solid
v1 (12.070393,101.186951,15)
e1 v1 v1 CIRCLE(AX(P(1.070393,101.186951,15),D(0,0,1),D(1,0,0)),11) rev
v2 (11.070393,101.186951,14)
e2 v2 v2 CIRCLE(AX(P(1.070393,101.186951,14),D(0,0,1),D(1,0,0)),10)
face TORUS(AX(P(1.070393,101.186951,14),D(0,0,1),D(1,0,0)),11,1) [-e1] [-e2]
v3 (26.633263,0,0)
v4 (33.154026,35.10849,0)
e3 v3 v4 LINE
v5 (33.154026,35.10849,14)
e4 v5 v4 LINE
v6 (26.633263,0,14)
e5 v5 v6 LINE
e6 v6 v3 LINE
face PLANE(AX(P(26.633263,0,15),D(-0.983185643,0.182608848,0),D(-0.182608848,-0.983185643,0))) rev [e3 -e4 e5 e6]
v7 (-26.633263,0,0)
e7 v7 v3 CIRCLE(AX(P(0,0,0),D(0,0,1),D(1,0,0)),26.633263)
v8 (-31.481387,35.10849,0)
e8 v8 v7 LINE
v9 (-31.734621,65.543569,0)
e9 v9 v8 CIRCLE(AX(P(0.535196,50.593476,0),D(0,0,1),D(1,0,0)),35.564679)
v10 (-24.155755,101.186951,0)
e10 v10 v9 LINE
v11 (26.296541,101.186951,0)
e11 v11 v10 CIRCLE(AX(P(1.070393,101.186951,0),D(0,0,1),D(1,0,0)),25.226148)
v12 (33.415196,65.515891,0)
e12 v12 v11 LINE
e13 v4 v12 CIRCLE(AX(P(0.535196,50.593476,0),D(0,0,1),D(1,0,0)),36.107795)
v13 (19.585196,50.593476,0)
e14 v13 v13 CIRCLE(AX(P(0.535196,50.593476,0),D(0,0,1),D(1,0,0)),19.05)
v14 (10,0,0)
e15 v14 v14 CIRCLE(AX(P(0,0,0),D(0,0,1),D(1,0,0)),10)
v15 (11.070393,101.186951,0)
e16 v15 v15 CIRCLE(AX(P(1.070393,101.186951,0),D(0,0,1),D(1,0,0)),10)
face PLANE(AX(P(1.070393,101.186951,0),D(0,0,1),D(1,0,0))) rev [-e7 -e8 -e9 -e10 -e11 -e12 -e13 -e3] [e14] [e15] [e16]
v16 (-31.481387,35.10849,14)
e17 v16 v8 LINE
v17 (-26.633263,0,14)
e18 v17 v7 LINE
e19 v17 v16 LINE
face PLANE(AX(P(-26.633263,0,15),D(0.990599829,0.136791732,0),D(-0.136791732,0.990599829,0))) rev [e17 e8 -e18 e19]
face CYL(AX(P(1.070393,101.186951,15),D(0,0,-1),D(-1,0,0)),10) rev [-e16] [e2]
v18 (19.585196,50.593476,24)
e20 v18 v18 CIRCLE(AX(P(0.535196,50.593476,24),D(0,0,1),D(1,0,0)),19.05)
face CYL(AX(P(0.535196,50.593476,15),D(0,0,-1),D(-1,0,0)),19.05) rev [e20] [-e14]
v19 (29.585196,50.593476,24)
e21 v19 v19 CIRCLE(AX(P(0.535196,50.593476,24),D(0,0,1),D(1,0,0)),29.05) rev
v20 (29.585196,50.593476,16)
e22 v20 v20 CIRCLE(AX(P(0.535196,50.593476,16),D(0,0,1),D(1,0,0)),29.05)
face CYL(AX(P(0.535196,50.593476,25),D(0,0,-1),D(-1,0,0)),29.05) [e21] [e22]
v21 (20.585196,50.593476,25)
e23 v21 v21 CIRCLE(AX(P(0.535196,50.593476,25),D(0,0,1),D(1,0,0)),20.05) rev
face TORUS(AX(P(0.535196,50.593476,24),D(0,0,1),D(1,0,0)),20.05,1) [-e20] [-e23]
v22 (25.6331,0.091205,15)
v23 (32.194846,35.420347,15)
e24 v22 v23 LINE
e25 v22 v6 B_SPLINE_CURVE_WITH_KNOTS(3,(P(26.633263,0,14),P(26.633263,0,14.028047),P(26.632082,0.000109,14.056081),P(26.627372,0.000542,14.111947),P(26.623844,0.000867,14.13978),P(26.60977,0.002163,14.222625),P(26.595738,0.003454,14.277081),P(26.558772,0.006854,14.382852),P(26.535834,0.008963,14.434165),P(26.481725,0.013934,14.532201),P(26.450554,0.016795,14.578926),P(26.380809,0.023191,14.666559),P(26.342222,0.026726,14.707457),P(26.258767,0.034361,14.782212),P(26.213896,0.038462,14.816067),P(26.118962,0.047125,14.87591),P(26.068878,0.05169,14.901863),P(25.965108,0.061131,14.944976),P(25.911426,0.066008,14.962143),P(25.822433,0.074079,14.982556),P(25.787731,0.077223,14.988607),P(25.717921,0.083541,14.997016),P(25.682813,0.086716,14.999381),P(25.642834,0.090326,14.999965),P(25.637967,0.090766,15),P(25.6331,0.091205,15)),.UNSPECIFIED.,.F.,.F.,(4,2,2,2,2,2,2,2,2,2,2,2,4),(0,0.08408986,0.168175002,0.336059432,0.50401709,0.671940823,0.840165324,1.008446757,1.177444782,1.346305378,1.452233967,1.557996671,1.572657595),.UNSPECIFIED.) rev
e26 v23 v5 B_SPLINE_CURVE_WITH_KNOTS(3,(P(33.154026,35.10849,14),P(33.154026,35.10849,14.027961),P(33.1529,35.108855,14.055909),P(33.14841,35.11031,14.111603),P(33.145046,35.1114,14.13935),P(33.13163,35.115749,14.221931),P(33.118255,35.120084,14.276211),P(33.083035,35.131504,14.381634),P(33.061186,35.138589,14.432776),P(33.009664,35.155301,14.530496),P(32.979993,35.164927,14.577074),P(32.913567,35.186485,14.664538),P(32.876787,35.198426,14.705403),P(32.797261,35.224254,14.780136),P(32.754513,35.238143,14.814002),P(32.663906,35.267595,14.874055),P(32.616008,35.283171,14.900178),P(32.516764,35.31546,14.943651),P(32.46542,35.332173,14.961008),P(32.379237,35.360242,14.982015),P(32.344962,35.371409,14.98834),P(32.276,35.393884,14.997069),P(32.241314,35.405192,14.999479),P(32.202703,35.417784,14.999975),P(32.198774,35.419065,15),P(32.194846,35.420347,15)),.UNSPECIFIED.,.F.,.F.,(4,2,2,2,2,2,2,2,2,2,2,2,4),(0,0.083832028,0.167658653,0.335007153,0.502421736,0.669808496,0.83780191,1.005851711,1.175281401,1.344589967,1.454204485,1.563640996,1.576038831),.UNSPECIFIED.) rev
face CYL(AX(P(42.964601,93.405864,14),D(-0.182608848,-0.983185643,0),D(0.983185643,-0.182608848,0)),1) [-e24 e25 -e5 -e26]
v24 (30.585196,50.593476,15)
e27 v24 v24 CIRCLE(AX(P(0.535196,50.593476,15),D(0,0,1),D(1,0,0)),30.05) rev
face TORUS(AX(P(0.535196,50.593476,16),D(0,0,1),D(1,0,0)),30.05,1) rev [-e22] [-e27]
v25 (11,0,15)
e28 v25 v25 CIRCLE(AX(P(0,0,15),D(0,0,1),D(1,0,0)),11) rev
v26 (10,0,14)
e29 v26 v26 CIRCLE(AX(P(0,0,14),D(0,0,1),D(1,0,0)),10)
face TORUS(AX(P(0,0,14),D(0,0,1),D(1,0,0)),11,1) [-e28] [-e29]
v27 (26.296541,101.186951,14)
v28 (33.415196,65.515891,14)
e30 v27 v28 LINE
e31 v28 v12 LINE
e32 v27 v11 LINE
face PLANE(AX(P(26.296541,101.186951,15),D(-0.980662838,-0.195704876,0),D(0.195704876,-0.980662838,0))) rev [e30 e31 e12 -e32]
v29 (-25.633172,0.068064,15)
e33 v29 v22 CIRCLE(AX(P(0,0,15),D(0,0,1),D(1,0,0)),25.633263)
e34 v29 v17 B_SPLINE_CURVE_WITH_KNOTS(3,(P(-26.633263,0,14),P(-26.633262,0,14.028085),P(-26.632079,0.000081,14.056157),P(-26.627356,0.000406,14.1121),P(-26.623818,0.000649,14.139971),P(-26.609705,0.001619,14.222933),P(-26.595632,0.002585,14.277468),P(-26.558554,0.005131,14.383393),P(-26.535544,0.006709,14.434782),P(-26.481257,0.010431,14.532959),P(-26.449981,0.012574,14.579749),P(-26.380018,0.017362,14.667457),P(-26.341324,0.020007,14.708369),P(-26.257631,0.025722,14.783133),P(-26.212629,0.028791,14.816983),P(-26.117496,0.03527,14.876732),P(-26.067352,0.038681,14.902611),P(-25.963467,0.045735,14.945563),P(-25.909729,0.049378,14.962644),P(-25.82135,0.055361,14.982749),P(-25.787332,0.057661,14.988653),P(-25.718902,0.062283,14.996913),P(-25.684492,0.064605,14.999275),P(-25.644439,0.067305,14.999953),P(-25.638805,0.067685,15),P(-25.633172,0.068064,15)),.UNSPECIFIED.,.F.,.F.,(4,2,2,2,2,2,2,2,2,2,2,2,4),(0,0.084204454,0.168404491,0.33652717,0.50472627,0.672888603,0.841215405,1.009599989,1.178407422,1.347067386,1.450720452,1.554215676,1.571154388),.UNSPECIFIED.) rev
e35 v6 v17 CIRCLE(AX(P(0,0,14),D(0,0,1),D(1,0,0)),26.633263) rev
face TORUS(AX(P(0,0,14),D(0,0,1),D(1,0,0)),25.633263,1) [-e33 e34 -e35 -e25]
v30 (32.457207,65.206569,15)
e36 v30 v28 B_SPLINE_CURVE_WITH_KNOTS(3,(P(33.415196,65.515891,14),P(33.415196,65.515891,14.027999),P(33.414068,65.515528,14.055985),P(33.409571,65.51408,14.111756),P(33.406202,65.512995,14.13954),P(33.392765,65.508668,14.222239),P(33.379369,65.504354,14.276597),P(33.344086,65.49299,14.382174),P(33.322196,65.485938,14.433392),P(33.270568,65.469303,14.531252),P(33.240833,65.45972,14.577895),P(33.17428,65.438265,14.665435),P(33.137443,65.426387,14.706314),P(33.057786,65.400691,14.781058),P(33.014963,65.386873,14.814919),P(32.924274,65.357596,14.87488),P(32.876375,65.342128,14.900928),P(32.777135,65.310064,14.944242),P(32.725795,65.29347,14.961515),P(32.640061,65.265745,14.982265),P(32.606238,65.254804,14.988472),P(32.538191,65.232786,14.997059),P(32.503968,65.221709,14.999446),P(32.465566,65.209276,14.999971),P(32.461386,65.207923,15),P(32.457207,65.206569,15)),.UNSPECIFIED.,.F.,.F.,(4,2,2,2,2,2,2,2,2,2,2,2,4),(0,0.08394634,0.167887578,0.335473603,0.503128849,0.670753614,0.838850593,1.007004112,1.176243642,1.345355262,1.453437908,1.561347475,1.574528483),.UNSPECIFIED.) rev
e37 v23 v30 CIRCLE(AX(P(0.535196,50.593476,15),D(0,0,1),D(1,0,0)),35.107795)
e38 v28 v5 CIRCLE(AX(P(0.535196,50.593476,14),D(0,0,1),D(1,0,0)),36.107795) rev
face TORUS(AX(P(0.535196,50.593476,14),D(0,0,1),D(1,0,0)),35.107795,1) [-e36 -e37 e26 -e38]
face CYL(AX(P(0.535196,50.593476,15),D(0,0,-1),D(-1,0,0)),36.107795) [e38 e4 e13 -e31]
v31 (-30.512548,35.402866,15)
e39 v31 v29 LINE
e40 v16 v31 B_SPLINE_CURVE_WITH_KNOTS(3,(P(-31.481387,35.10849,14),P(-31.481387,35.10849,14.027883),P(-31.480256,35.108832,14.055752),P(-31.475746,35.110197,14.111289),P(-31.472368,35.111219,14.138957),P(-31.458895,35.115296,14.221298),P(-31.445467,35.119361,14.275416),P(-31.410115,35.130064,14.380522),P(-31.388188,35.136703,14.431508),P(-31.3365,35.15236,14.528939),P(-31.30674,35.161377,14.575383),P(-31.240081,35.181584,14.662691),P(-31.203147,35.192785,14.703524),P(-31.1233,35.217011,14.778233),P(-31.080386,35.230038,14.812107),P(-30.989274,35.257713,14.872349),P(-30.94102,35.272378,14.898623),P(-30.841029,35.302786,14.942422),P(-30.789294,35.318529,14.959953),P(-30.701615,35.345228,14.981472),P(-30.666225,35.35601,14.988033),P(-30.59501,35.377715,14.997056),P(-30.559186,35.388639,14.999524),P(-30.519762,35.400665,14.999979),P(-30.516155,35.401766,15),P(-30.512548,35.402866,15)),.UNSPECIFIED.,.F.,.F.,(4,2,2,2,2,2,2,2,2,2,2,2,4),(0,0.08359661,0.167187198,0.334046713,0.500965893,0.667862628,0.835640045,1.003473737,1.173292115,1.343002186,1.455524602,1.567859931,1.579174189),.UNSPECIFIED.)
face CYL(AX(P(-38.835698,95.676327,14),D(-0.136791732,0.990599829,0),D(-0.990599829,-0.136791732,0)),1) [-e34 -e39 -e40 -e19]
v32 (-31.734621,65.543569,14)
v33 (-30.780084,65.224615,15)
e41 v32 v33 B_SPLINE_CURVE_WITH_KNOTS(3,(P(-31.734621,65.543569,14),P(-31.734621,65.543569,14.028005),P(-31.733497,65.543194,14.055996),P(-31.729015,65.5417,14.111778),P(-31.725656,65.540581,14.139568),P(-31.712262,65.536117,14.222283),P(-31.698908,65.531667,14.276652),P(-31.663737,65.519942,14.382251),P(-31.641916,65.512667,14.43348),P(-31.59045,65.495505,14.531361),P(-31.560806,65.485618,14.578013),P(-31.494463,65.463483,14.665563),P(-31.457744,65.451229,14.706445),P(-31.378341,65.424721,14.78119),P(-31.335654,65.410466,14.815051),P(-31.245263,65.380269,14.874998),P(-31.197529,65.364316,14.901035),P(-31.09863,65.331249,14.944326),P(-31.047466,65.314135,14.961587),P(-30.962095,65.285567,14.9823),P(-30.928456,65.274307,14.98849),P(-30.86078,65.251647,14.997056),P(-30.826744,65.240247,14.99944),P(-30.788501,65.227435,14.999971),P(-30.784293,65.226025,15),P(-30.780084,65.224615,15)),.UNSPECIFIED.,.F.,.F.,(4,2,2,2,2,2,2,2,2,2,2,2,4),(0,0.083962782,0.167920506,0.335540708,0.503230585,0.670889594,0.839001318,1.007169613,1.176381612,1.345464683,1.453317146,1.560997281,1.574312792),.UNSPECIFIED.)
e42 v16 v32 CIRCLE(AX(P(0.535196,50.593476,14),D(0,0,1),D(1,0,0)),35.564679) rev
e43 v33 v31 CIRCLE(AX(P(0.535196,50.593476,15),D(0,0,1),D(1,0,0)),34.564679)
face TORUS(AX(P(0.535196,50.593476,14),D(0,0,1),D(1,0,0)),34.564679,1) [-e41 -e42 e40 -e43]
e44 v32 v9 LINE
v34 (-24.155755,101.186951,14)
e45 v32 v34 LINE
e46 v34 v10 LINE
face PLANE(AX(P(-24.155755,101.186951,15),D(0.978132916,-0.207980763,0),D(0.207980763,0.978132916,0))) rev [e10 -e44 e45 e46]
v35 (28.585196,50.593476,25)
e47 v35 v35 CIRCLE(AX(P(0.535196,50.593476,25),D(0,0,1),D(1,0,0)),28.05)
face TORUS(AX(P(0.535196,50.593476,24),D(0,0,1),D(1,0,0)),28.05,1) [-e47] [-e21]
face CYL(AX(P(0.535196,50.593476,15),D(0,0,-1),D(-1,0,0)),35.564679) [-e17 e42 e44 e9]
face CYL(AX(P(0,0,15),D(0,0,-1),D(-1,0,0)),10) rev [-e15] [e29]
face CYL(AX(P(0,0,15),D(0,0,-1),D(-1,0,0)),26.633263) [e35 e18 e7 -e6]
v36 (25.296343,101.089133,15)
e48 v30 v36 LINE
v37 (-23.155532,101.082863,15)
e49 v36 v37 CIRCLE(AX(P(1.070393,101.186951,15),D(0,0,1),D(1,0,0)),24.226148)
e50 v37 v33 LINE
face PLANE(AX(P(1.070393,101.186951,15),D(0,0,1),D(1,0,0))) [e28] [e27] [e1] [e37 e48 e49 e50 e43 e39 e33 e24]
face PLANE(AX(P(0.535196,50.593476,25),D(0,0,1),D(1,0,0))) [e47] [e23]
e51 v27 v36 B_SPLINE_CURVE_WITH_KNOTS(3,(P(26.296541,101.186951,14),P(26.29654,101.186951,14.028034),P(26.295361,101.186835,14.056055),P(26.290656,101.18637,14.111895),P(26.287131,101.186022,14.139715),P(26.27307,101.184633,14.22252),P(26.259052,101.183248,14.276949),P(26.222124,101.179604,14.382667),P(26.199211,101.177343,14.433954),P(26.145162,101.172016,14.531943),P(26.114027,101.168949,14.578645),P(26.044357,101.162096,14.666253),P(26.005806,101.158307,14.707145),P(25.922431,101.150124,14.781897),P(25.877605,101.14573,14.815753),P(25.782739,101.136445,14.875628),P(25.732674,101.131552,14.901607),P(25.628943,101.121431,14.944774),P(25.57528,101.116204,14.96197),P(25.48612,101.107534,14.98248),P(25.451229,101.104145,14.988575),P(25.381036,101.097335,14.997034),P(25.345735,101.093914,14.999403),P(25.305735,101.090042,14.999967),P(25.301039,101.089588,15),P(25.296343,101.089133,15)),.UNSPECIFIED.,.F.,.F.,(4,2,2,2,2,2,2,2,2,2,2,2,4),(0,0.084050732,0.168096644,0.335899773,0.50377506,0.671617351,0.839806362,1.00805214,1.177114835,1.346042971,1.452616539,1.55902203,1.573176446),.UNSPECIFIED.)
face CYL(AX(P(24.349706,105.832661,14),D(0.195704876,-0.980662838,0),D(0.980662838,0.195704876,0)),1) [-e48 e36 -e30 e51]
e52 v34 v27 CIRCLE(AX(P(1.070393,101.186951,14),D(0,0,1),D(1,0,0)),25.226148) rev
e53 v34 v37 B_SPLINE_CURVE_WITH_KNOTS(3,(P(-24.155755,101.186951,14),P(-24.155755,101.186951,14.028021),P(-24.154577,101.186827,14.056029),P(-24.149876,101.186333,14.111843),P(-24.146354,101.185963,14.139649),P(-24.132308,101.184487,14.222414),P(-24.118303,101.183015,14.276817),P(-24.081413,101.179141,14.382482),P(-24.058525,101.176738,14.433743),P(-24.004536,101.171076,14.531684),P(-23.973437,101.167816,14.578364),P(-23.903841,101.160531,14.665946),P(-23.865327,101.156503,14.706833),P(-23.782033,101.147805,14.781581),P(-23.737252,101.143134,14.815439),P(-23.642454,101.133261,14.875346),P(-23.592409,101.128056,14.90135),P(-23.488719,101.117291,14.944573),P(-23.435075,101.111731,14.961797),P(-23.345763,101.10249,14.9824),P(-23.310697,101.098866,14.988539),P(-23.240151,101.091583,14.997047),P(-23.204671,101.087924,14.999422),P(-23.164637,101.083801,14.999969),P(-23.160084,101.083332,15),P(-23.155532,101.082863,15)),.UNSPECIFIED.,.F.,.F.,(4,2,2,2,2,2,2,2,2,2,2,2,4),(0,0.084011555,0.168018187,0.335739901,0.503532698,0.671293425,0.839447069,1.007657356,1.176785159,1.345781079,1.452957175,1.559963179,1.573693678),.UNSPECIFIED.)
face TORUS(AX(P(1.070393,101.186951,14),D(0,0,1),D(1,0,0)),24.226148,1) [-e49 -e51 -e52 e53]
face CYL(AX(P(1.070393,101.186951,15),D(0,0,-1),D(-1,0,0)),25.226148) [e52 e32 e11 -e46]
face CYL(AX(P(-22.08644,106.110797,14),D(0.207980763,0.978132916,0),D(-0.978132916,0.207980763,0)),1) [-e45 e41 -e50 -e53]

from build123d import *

# Parameters (mm, degrees)
SKETCH1_R           = 10
SKETCH1_R_2         = 19.05
BOSS_EXTRUDE1_DEPTH = 15
SKETCH2_R           = 29.05
SKETCH2_R_2         = 19.05
BOSS_EXTRUDE2_DEPTH = 10
FILLET2_R           = 1
FILLET3_R           = 1


with BuildPart() as part:
    # Sketch1 → Boss-Extrude1 (new body)
    with BuildSketch(Plane.XY):
        with BuildLine():
            Line((-24.155755476, 101.186951407), (-31.734621097, 65.543568739))
            ThreePointArc((-31.734621097, 65.543568739), (-35.02825175, 50.297571146), (-31.481386973, 35.108489681))
            Line((-31.481386973, 35.108489681), (-26.633262651, 0))
            ThreePointArc((-26.633262651, 0), (0, -26.633262651), (26.633262651, 0))
            Line((26.633262651, 0), (33.154025964, 35.108489681))
            ThreePointArc((33.154025964, 35.108489681), (36.641659251, 50.283356744), (33.415195598, 65.515891288))
            Line((33.415195598, 65.515891288), (26.296540608, 101.186951407))
            ThreePointArc((26.296540608, 101.186951407), (1.070392566, 126.413099449), (-24.155755476, 101.186951407))
        make_face()
        with Locations((1.070392566, 101.186951407)):
            Circle(SKETCH1_R, mode=Mode.SUBTRACT)
        Circle(SKETCH1_R, mode=Mode.SUBTRACT)
        with Locations((0.535196283, 50.593475704)):
            Circle(SKETCH1_R_2, mode=Mode.SUBTRACT)
    extrude(amount=BOSS_EXTRUDE1_DEPTH)

    # Sketch2 → Boss-Extrude2 (add)
    with BuildSketch(Plane.XY.offset(15)):
        with Locations((0.535196283, 50.593475704)):
            Circle(SKETCH2_R)
        with Locations((0.535196283, 50.593475704)):
            Circle(SKETCH2_R_2, mode=Mode.SUBTRACT)
    extrude(amount=BOSS_EXTRUDE2_DEPTH)

    # Fillet2
    fillet2_edges = [part.edges().sort_by_distance(p)[0] for p in [
        (-35.02825175, 50.297571146, 15),
        (-29.057324812, 17.554244841, 15),
        (0, -26.633262651, 15),
        (-8.929607434, 101.186951407, 15),
        (29.893644307, 17.554244841, 15),
        (-10, 0, 15),
        (36.641659251, 50.283356744, 15),
        (29.855868103, 83.351421348, 15),
        (-28.514803717, 50.593475704, 15),
        (1.070392566, 126.413099449, 15),
        (-27.945188286, 83.365260073, 15),
    ]]
    fillet(fillet2_edges, radius=FILLET2_R)

    # Fillet3
    fillet3_edges = [part.edges().sort_by_distance(p)[0] for p in [
        (-28.514803717, 50.593475704, 25),
        (-18.514803717, 50.593475704, 25),
    ]]
    fillet(fillet3_edges, radius=FILLET3_R)


solid = part.part
